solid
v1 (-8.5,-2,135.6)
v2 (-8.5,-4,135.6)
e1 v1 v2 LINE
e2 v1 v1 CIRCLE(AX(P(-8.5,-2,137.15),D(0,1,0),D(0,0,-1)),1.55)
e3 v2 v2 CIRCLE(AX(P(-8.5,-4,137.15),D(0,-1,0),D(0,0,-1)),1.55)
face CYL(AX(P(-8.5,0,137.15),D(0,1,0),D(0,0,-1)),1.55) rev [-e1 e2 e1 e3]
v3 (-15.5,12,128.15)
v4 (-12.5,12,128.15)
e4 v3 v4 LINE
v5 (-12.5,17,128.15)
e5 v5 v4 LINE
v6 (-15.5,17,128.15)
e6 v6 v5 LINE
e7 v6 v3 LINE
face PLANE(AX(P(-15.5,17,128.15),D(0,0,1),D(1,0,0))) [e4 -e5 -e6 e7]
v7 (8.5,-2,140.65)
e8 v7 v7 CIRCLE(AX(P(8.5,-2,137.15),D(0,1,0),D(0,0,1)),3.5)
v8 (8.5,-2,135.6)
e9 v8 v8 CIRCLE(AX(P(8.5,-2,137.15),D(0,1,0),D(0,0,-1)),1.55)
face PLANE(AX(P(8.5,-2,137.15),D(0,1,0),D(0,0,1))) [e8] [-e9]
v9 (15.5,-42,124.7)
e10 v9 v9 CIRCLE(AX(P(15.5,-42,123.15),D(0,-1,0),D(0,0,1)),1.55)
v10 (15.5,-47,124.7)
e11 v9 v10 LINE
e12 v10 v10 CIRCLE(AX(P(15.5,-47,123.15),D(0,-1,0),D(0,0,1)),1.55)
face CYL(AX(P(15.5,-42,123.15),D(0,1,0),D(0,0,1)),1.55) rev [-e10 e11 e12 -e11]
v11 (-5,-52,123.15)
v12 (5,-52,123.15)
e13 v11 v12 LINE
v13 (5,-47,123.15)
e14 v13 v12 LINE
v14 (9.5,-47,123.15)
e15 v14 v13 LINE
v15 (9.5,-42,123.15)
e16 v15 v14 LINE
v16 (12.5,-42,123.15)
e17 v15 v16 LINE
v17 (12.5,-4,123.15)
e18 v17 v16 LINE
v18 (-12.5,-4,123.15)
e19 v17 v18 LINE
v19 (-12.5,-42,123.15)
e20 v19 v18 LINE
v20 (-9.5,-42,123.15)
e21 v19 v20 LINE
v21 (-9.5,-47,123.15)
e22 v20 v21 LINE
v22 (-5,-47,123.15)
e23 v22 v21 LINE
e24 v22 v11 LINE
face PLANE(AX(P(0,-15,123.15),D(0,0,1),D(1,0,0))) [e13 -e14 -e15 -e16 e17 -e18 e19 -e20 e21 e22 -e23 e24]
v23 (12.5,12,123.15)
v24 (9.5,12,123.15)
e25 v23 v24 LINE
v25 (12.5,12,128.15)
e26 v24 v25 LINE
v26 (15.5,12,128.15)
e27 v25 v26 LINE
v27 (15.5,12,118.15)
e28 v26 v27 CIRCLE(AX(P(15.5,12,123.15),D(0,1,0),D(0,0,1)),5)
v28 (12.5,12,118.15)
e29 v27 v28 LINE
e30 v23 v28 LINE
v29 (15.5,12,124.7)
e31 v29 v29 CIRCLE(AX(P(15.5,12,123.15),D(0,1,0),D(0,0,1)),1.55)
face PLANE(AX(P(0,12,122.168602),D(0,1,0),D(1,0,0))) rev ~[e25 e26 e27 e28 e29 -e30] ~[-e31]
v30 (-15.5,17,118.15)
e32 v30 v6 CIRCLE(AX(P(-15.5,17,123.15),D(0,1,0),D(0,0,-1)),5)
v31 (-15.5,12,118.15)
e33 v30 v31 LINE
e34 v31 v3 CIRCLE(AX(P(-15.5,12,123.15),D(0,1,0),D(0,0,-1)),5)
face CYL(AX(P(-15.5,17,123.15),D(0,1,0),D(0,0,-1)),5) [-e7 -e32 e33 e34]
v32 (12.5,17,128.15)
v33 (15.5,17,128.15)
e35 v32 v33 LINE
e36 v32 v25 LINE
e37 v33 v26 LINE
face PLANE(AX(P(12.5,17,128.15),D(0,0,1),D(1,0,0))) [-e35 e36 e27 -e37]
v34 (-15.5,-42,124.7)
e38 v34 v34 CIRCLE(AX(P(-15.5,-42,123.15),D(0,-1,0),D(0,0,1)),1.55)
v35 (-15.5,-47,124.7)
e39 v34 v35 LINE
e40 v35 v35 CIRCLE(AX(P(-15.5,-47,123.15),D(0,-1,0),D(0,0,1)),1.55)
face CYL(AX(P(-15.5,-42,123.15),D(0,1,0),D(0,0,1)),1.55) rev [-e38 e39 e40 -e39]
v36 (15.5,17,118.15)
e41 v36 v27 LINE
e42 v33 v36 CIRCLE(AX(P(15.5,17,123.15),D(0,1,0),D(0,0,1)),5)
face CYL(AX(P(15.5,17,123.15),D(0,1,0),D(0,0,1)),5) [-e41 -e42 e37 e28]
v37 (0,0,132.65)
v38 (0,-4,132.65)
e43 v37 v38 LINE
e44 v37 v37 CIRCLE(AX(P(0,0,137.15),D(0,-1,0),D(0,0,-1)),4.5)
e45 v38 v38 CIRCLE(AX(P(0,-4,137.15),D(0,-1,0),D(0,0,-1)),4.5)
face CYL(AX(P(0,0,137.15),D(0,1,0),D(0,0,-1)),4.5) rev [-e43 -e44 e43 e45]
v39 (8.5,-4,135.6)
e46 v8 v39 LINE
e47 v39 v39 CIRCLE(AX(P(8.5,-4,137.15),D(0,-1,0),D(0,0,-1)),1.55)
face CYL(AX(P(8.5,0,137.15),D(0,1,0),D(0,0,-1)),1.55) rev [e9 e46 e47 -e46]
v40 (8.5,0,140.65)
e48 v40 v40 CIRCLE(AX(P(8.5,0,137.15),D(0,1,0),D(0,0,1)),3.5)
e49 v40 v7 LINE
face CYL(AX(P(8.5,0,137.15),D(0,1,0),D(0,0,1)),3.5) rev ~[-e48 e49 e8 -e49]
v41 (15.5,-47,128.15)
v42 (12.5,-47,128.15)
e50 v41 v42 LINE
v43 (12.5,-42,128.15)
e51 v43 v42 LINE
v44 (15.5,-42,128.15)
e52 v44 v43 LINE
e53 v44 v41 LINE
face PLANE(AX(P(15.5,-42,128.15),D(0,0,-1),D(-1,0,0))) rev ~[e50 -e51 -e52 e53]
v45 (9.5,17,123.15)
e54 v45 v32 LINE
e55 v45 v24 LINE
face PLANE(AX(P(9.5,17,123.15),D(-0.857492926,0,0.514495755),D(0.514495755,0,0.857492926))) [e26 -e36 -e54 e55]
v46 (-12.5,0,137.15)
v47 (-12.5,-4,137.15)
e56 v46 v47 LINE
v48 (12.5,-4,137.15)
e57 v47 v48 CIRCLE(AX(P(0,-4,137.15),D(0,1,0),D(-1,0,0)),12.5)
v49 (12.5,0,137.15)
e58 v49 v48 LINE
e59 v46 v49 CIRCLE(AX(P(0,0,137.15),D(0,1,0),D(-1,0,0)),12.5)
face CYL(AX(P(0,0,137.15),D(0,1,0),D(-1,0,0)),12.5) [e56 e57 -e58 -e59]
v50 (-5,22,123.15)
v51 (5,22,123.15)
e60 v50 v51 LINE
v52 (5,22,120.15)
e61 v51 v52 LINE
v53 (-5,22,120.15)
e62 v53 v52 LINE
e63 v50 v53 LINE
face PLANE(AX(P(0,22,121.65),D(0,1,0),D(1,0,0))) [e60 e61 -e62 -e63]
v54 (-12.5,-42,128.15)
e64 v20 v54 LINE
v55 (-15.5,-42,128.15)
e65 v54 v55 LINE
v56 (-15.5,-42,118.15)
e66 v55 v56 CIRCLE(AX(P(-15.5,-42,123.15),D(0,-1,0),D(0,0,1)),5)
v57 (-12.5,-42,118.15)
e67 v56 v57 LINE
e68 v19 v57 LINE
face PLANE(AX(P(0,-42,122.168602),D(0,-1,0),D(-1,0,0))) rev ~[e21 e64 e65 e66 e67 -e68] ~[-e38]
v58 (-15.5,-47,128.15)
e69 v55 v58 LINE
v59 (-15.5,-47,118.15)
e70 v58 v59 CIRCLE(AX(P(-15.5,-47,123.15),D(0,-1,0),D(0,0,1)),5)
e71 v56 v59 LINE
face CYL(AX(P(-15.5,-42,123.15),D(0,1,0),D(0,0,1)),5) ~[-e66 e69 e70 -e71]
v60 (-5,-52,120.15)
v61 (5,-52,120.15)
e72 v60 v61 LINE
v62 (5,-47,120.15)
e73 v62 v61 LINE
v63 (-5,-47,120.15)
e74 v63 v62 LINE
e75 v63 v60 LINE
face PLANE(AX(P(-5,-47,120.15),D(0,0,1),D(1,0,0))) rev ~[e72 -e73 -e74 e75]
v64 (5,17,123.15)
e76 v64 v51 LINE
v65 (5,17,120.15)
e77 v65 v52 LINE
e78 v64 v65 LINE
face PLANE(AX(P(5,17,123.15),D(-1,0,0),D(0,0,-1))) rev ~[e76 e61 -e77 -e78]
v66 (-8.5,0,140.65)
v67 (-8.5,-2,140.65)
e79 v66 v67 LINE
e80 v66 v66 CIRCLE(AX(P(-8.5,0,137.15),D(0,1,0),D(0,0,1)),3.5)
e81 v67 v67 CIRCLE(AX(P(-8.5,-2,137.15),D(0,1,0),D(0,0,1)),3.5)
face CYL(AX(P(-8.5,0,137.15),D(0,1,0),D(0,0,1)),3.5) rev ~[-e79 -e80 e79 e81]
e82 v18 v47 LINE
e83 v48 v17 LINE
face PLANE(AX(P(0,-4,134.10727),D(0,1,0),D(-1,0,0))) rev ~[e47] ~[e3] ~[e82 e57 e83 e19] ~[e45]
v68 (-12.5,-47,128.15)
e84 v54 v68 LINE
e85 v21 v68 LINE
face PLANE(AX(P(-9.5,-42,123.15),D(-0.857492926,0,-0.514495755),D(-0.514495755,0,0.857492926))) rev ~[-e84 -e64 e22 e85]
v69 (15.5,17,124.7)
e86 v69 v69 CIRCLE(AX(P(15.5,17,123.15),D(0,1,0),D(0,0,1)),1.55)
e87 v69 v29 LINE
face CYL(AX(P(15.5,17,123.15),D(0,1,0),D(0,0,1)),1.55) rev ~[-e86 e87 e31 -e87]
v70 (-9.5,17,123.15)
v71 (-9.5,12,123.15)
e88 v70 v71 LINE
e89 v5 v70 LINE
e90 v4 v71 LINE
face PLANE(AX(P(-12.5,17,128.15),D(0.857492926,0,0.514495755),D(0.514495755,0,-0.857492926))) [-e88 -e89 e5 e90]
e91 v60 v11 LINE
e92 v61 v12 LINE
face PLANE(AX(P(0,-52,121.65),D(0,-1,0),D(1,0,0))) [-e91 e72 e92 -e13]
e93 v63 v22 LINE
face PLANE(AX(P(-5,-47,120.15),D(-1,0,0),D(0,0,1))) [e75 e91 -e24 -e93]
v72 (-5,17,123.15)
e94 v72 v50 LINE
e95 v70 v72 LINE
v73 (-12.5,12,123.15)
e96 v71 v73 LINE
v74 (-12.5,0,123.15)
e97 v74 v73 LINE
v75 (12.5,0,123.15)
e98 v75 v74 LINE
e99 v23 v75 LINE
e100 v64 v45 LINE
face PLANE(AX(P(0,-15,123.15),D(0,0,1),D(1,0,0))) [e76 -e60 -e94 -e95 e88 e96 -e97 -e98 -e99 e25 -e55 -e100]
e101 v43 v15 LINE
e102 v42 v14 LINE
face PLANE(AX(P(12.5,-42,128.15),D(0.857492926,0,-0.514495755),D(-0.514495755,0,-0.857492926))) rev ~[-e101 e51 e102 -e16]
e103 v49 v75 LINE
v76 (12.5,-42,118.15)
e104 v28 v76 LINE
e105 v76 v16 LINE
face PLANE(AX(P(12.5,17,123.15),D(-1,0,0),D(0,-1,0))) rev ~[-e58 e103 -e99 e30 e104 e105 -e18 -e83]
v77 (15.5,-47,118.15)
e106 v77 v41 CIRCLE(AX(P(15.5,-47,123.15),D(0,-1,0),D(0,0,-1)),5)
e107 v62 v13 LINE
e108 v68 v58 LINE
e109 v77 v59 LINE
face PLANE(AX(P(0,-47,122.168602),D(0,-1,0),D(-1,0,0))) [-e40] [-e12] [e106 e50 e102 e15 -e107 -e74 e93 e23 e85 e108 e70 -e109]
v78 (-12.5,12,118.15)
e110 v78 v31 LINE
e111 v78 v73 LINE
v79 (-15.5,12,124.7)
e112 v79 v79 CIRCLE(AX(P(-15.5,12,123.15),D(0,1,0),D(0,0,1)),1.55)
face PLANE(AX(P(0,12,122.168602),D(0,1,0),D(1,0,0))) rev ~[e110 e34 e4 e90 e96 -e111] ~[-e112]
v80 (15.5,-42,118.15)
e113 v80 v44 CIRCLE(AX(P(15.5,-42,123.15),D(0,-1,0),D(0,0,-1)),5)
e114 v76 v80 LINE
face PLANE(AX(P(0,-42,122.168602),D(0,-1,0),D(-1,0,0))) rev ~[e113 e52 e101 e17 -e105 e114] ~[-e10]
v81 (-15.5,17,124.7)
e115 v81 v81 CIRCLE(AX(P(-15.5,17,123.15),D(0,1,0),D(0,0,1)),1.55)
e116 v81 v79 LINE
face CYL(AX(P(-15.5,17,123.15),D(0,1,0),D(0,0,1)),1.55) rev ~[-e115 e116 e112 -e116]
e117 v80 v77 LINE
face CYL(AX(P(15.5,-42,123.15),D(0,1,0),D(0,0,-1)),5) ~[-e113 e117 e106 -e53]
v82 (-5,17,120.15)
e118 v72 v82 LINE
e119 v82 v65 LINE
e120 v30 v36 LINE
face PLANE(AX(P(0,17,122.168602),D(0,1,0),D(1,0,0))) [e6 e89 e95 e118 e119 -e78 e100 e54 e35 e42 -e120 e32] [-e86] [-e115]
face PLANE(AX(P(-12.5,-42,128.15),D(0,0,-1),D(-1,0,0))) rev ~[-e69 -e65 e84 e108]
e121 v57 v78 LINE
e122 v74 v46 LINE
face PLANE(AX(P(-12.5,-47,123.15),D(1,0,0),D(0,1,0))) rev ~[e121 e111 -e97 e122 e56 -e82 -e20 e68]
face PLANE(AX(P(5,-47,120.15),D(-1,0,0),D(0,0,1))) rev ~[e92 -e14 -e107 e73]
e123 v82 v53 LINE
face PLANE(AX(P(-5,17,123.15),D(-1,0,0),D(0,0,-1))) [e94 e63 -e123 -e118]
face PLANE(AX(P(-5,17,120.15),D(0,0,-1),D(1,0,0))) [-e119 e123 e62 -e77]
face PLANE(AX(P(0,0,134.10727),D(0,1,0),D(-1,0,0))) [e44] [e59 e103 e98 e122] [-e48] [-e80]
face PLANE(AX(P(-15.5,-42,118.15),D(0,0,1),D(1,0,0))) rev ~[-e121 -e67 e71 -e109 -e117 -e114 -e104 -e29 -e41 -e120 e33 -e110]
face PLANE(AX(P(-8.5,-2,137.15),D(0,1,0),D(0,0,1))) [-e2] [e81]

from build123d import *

# Parameters (mm, degrees)
SKETCH11_R          = 1.55
SKETCH11_R_2        = 4.5
BOSS_EXTRUDE1_DEPTH = 4
BOSS_EXTRUDE2_DEPTH = 5
SKETCH13_R          = 3.5
CUT_EXTRUDE1_DEPTH  = 2
SKETCH14_R          = 1.55
BOSS_EXTRUDE3_DEPTH = 5
BOSS_EXTRUDE4_START = -5
SKETCH15_R          = 1.55
BOSS_EXTRUDE4_DEPTH = 5
SKETCH16_W          = 10
SKETCH16_H          = 3
BOSS_EXTRUDE5_DEPTH = 5
SKETCH17_W          = 10
SKETCH17_H          = 3
BOSS_EXTRUDE6_DEPTH = 5


with BuildPart() as part:
    # Sketch11 → Boss-Extrude1 (new body)
    with BuildSketch(Plane(origin=(0, 0, 51.65), x_dir=(1, 0, 0), z_dir=(0, -1, 0))):
        with BuildLine():
            Line((12.5, 85.5), (12.5, 71.5))
            Line((12.5, 71.5), (-12.5, 71.5))
            Line((-12.5, 71.5), (-12.5, 85.5))
            ThreePointArc((-12.5, 85.5), (0, 98), (12.5, 85.5))
        make_face()
        with Locations(Location((-8.5, 85.5, 0), (0, 0, 270))):
            Circle(SKETCH11_R, mode=Mode.SUBTRACT)
        with Locations(Location((8.5, 85.5, 0), (0, 0, 270))):
            Circle(SKETCH11_R, mode=Mode.SUBTRACT)
        with Locations(Location((0, 85.5, 0), (0, 0, 270))):
            Circle(SKETCH11_R_2, mode=Mode.SUBTRACT)
    extrude(amount=BOSS_EXTRUDE1_DEPTH)

    # Sketch12 → Boss-Extrude2 (add)
    with BuildSketch(Plane(origin=(0, 0, 123.15), x_dir=(-1, 0, 0), z_dir=(0, 0, -1))):
        Polygon((-12.5, 0), (-12.5, 17), (12.5, 17), (12.5, 0), (12.5, -4), (12.5, -47), (-12.5, -47), (-12.5, -4), align=None)
    extrude(amount=BOSS_EXTRUDE2_DEPTH)

    # Sketch13 → Cut-Extrude1 (cut)
    with BuildSketch(Plane(origin=(0, 0, 0), x_dir=(1, 0, 0), z_dir=(0, 1, 0))):
        with Locations(Location((-8.5, -137.15, 0), (0, 0, 270))):
            Circle(SKETCH13_R)
        with Locations(Location((8.5, -137.15, 0), (0, 0, 270))):
            Circle(SKETCH13_R)
    extrude(amount=-CUT_EXTRUDE1_DEPTH, mode=Mode.SUBTRACT)

    # Sketch14 → Boss-Extrude3 (add)
    with BuildSketch(Plane(origin=(0, 17, 0), x_dir=(1, 0, 0), z_dir=(0, 1, 0))):
        with BuildLine():
            Line((15.5, -118.15), (-15.5, -118.15))
            ThreePointArc((-15.5, -118.15), (-20.5, -123.15), (-15.5, -128.15))
            Line((-15.5, -128.15), (-12.5, -128.15))
            Line((-12.5, -128.15), (-9.5, -123.15))
            Line((-9.5, -123.15), (9.5, -123.15))
            Line((9.5, -123.15), (12.5, -128.15))
            Line((12.5, -128.15), (15.5, -128.15))
            ThreePointArc((15.5, -128.15), (20.5, -123.15), (15.5, -118.15))
        make_face()
        with Locations(Location((-15.5, -123.15, 0), (0, 0, 270))):
            Circle(SKETCH14_R, mode=Mode.SUBTRACT)
        with Locations(Location((15.5, -123.15, 0), (0, 0, 270))):
            Circle(SKETCH14_R, mode=Mode.SUBTRACT)
    extrude(amount=-BOSS_EXTRUDE3_DEPTH)

    # Sketch15 → Boss-Extrude4 (add)
    with BuildSketch(Plane(origin=(0, -47, 0), x_dir=(-1, 0, 0), z_dir=(0, -1, 0)).offset(BOSS_EXTRUDE4_START)):
        with BuildLine():
            Line((15.5, -118.15), (-15.5, -118.15))
            ThreePointArc((-15.5, -118.15), (-20.5, -123.15), (-15.5, -128.15))
            Line((-15.5, -128.15), (-12.5, -128.15))
            Line((-12.5, -128.15), (-9.5, -123.15))
            Line((-9.5, -123.15), (9.5, -123.15))
            Line((9.5, -123.15), (12.5, -128.15))
            Line((12.5, -128.15), (15.5, -128.15))
            ThreePointArc((15.5, -128.15), (20.5, -123.15), (15.5, -118.15))
        make_face()
        with Locations(Location((15.5, -123.15, 0), (0, 0, 270))):
            Circle(SKETCH15_R, mode=Mode.SUBTRACT)
        with Locations(Location((-15.5, -123.15, 0), (0, 0, 270))):
            Circle(SKETCH15_R, mode=Mode.SUBTRACT)
    extrude(amount=BOSS_EXTRUDE4_DEPTH)

    # Sketch16 → Boss-Extrude5 (add)
    with BuildSketch(Plane.XZ.offset(47)):
        with Locations((0, 121.65)):
            Rectangle(SKETCH16_W, SKETCH16_H)
    extrude(amount=BOSS_EXTRUDE5_DEPTH)

    # Sketch17 → Boss-Extrude6 (add)
    with BuildSketch(Plane(origin=(0, 17, 0), x_dir=(1, 0, 0), z_dir=(0, 1, 0))):
        with Locations((0, -121.65)):
            Rectangle(SKETCH17_W, SKETCH17_H)
    extrude(amount=BOSS_EXTRUDE6_DEPTH)


solid = part.part
